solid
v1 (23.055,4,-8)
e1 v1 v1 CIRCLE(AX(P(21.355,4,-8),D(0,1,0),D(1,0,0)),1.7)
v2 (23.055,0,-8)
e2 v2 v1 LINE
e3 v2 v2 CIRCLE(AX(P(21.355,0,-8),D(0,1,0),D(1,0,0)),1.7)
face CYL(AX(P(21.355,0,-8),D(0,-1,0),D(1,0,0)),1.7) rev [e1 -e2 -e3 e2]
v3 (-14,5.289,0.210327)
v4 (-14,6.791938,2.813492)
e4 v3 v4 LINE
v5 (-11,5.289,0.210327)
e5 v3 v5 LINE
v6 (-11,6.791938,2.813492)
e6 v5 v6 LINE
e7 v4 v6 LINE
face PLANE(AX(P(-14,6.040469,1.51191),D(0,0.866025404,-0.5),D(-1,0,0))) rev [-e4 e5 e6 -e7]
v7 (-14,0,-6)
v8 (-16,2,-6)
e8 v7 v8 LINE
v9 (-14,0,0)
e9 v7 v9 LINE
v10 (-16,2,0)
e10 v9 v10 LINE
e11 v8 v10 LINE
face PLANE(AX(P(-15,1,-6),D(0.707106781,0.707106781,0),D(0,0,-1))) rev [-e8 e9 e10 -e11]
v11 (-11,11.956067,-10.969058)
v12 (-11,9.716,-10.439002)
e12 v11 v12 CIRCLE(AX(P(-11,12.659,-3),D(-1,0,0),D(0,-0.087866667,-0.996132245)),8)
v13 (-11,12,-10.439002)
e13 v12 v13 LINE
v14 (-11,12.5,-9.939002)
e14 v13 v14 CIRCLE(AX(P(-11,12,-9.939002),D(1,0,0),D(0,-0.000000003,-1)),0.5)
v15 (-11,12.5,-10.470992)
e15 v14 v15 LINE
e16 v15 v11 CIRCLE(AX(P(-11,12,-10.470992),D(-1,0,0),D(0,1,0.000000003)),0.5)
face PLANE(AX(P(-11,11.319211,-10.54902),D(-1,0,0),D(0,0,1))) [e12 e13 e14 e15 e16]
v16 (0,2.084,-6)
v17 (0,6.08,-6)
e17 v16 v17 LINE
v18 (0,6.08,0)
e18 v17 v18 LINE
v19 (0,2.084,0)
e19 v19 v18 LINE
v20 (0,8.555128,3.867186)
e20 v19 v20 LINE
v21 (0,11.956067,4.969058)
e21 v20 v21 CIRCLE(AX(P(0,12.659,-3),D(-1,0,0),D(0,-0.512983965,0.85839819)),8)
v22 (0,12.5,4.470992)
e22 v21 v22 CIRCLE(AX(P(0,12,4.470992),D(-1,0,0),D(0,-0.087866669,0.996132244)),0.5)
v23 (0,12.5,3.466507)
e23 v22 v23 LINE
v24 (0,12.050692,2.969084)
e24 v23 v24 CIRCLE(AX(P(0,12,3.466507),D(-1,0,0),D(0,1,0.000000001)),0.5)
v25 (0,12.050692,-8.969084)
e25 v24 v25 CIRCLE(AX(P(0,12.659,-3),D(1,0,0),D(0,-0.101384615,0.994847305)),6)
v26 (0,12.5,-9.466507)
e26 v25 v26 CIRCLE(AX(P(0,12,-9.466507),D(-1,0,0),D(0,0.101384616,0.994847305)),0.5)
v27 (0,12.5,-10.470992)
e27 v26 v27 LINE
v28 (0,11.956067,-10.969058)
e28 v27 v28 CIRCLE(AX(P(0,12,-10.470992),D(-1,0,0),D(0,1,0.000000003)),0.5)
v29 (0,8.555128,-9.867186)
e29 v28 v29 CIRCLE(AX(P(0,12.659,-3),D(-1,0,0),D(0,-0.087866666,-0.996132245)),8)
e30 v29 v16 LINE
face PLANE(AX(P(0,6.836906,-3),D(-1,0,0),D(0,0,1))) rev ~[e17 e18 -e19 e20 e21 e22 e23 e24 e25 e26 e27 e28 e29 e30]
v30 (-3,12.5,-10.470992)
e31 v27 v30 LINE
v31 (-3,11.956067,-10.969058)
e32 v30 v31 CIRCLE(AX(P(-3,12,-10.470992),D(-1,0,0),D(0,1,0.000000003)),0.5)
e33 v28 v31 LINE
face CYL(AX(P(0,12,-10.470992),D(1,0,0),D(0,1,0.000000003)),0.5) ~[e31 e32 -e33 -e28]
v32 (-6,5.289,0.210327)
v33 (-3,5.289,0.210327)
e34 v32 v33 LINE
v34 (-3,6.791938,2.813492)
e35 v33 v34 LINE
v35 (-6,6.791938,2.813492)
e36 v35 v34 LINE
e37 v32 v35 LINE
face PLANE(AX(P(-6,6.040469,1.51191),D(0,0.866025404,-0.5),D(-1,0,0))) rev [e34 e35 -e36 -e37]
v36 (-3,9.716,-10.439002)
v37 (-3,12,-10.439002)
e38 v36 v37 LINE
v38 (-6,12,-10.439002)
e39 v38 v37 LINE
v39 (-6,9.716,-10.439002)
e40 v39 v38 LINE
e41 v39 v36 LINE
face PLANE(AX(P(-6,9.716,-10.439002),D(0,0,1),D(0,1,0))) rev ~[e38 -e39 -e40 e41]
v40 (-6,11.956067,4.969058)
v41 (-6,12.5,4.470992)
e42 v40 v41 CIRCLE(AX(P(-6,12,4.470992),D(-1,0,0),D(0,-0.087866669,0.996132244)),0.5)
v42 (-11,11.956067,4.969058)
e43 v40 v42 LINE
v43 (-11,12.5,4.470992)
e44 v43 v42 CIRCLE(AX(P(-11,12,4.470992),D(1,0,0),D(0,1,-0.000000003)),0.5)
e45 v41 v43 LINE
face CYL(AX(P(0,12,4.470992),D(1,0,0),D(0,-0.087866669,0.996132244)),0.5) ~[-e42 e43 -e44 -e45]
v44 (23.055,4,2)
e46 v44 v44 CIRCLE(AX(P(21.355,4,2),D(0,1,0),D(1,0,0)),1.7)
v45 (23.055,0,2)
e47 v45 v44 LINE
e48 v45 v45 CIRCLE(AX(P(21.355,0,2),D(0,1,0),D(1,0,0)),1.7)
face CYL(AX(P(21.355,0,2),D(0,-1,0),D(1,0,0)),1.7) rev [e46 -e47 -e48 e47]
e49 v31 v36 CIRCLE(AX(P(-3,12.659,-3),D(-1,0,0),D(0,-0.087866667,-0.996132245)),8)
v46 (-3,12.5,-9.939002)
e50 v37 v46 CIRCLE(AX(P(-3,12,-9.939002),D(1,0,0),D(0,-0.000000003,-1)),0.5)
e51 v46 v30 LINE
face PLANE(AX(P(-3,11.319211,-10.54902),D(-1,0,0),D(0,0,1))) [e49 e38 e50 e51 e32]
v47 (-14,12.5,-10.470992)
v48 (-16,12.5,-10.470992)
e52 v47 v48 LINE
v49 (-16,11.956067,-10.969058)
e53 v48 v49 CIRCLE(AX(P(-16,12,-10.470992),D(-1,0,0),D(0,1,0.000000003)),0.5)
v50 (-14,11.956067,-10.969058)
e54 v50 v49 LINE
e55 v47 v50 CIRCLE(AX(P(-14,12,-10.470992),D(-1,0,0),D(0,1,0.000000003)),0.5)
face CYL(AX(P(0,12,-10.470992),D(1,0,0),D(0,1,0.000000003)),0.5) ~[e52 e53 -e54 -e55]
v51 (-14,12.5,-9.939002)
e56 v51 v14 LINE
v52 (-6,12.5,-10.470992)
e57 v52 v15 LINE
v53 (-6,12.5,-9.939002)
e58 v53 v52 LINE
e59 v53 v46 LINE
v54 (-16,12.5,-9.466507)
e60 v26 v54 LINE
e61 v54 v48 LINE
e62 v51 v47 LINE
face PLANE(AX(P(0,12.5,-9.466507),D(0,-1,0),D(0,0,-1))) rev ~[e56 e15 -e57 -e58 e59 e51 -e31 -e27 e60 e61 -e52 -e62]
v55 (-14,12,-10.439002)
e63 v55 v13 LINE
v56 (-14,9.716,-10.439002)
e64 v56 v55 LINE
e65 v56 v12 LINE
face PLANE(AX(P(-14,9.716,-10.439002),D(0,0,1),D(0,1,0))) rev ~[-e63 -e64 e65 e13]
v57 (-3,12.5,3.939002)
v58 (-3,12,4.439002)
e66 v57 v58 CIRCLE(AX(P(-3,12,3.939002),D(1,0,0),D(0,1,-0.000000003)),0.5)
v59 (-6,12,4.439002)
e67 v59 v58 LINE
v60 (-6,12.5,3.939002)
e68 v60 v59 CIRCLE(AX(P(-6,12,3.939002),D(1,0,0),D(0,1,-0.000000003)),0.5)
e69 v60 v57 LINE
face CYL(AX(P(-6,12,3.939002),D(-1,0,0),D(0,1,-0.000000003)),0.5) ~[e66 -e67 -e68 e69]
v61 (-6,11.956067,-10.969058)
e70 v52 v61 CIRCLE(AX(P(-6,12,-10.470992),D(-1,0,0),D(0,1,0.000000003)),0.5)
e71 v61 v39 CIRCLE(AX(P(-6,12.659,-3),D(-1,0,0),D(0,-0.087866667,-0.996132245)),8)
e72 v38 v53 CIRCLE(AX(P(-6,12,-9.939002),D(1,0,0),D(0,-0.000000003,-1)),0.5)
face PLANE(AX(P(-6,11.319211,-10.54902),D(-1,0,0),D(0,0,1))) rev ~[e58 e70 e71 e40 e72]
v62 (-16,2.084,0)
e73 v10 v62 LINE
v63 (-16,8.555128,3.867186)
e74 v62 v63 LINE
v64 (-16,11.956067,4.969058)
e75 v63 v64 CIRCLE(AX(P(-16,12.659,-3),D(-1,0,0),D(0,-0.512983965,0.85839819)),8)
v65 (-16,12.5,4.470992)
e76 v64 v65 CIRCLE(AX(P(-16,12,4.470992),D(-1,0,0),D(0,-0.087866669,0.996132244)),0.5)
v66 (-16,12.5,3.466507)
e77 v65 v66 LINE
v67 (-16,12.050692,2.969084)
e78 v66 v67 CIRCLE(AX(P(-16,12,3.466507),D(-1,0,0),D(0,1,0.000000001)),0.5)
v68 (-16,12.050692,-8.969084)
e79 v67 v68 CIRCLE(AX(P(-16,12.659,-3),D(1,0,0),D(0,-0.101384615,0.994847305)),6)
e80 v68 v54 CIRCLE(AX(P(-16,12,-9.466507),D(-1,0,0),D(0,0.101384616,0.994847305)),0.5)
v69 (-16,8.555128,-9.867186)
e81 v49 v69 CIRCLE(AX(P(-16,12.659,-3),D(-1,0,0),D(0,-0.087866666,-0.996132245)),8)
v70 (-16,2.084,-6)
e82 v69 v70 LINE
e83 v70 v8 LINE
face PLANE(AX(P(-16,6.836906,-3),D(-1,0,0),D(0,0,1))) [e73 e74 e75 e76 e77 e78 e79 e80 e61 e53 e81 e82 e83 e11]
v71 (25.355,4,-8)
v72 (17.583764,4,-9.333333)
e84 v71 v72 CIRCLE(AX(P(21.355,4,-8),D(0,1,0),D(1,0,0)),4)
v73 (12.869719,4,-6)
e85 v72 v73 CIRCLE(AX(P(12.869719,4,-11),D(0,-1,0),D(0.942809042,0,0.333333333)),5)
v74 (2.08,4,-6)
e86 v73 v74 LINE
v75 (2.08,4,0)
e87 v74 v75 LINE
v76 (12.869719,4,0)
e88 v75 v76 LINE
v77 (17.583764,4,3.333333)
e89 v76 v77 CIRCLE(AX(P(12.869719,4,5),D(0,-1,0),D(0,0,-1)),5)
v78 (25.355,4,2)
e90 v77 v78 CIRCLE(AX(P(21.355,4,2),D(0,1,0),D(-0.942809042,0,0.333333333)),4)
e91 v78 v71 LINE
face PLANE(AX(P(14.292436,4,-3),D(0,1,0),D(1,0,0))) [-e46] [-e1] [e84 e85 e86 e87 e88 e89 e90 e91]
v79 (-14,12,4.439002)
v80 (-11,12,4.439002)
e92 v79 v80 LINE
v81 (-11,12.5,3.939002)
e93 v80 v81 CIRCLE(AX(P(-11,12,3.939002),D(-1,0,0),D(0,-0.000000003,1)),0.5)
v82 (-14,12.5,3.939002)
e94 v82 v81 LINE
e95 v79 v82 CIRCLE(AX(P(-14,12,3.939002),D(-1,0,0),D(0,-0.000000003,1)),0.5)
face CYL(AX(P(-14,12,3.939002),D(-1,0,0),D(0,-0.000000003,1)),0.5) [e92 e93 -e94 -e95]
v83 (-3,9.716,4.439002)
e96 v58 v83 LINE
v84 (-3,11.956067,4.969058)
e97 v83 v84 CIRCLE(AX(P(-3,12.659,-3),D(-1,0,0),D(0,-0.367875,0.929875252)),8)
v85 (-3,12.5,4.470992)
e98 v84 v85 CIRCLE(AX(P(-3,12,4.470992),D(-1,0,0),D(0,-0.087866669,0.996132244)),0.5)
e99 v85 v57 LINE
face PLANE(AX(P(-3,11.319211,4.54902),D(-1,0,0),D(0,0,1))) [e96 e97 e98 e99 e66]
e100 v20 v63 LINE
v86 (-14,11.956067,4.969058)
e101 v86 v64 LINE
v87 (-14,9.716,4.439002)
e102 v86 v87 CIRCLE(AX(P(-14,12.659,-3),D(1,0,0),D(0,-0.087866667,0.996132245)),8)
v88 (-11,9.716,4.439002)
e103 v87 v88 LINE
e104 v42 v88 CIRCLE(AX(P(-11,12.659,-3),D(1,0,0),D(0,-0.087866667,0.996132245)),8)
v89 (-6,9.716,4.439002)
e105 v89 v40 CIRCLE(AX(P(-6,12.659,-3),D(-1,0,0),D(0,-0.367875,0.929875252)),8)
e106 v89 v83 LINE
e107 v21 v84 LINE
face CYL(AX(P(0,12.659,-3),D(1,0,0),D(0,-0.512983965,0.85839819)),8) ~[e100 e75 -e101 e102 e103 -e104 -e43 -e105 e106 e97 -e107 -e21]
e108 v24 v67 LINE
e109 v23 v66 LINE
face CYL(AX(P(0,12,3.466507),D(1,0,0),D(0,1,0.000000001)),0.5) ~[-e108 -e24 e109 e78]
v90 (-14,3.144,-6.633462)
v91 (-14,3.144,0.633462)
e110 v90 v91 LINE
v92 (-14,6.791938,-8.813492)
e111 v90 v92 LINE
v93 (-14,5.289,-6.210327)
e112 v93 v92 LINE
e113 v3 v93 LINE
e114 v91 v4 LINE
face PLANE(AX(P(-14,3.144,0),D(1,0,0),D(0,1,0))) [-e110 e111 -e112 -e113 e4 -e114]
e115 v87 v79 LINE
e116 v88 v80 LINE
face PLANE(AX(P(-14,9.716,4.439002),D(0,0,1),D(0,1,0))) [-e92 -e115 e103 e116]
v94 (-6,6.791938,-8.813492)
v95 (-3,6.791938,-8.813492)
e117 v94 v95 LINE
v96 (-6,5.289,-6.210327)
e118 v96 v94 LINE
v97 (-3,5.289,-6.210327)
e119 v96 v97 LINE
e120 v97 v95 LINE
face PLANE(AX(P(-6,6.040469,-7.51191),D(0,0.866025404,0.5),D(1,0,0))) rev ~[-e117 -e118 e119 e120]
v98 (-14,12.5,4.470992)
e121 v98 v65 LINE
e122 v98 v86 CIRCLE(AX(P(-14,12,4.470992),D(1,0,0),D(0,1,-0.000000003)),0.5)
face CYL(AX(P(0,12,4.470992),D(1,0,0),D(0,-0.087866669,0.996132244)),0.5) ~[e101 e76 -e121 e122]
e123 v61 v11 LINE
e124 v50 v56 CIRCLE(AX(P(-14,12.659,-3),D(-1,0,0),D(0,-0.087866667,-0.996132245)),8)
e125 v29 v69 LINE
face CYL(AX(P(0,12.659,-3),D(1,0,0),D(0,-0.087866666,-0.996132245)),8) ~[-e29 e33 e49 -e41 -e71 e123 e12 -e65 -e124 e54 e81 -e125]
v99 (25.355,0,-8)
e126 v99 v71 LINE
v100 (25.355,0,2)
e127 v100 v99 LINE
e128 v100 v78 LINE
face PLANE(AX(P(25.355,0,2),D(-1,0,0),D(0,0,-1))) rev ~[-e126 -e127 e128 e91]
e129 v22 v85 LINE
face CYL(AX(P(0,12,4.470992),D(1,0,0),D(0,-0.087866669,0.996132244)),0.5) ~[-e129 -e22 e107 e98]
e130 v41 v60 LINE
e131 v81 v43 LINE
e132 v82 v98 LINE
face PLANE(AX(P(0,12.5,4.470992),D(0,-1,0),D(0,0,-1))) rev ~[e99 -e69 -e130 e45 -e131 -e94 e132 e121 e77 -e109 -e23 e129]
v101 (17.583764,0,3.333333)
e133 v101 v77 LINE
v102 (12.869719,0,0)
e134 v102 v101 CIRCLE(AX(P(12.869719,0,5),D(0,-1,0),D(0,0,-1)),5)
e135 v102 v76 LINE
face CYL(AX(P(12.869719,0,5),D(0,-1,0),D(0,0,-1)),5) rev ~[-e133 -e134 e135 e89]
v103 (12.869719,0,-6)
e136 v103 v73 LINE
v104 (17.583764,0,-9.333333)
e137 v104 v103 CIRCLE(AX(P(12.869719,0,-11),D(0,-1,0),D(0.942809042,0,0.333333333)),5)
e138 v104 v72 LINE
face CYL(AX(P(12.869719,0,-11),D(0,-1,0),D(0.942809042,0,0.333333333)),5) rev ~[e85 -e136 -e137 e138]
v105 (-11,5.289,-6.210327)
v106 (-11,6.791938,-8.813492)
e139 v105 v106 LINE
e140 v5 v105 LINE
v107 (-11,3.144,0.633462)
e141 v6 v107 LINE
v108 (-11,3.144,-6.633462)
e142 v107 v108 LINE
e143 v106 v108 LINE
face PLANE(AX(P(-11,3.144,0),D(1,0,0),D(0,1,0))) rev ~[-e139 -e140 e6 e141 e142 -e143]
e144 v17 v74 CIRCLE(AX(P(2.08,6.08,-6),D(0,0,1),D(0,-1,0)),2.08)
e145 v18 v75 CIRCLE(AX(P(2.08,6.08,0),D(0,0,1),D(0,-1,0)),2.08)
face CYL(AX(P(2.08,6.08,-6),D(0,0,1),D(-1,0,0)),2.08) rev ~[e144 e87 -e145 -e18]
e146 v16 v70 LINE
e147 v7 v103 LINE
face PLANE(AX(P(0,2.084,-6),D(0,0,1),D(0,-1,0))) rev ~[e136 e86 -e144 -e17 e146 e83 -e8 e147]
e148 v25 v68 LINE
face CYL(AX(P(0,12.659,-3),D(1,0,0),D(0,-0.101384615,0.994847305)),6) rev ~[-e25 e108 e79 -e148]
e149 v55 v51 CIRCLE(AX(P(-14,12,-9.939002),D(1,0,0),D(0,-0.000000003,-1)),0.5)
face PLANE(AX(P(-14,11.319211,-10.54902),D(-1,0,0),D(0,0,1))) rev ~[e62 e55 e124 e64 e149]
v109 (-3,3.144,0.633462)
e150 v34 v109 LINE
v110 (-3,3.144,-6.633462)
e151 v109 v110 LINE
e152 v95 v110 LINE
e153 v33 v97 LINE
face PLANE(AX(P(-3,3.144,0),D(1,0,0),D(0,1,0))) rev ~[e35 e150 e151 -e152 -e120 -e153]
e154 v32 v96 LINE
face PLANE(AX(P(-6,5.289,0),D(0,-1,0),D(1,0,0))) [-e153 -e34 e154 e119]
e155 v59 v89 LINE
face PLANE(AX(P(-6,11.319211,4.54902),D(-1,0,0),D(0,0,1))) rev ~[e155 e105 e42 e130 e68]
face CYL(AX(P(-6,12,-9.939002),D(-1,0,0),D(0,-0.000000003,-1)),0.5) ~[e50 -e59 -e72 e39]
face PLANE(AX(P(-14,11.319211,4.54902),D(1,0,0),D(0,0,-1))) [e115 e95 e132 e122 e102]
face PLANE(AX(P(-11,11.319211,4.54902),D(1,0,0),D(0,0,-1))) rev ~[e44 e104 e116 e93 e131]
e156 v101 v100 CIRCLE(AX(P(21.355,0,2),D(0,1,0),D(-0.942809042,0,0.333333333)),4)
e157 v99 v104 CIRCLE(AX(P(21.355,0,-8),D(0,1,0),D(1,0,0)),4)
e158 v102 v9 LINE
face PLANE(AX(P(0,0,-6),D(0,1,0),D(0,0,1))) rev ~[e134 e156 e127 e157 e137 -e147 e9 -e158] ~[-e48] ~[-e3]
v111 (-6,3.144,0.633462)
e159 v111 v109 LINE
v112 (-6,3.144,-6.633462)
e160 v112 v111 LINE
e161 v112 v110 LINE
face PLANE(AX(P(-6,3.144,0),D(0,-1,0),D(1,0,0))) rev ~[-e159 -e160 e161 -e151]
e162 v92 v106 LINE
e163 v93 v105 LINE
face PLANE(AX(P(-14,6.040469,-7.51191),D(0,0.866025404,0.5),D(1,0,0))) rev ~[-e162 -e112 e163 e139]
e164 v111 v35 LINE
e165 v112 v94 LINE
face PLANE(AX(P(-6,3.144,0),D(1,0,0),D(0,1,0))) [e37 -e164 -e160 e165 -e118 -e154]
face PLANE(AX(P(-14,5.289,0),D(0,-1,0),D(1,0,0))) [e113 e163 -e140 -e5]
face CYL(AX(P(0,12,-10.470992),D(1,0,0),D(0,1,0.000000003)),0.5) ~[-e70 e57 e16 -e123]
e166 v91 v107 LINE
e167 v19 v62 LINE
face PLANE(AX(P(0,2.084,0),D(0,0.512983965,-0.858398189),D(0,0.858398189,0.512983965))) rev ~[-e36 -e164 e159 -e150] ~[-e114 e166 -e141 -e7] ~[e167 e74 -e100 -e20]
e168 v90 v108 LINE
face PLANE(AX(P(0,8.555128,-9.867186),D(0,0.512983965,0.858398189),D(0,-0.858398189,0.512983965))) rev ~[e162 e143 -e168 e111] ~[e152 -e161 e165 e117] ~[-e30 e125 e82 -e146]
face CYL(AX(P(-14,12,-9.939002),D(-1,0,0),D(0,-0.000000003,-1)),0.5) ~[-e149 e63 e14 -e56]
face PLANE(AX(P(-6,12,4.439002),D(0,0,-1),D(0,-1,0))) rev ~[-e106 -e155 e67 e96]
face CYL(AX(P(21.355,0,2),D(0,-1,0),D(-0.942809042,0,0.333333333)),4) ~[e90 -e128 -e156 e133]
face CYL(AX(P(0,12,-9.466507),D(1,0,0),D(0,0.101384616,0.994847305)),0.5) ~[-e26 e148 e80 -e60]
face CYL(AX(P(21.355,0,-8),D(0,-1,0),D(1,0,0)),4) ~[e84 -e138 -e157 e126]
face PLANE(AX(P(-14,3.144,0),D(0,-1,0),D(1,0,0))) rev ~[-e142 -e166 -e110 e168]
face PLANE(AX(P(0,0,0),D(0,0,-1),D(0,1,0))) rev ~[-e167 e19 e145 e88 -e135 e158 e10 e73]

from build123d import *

# Parameters (mm, degrees)
SKETCH1_R               = 1.7
BOSS_EXTRUDE1_DEPTH     = 4
BOSS_EXTRUDE2_DEPTH     = 16
CHAMFER1_SIZE           = 2
FILLET1_R               = 2.08
SKETCH4_W               = 3
SKETCH4_H               = 2.145
CUT_EXTRUDE1_DEPTH      = 7
CUT_EXTRUDE1_DEPTH_BACK = 13
CHAMFER2_SIZE           = 1.705
CHAMFER2_SIZE2          = 1.750863319
CHAMFER2_PART_2_SIZE    = 1.705
CHAMFER2_PART_2_SIZE2   = 1.750863319
CUT_EXTRUDE2_DEPTH      = 3
CUT_EXTRUDE3_DEPTH      = 3


with BuildPart() as part:
    # Sketch1 → Boss-Extrude1 (new body)
    with BuildSketch(Plane(origin=(0, 0, 0), x_dir=(1, 0, 0), z_dir=(0, 1, 0))):
        with BuildLine():
            Line((0, 0), (12.869718626, 0))
            ThreePointArc((12.869718626, 0), (15.756469972, -0.917517095), (17.583763834, -3.333333333))
            ThreePointArc((17.583763834, -3.333333333), (22.031407915, -5.942394239), (25.355, -2))
            Line((25.355, -2), (25.355, 8))
            ThreePointArc((25.355, 8), (22.031407915, 11.942394239), (17.583763834, 9.333333333))
            ThreePointArc((17.583763834, 9.333333333), (15.756469972, 6.917517095), (12.869718626, 6))
            Line((12.869718626, 6), (0, 6))
            Line((0, 6), (0, 0))
        make_face()
        with Locations((21.355, -2)):
            Circle(SKETCH1_R, mode=Mode.SUBTRACT)
        with Locations((21.355, 8)):
            Circle(SKETCH1_R, mode=Mode.SUBTRACT)
    extrude(amount=BOSS_EXTRUDE1_DEPTH)

    # Sketch2 → Boss-Extrude2 (add)
    with BuildSketch(Plane.ZY):
        with BuildLine():
            Line((-6, 0), (0, 0))
            Line((0, 0), (0, 2.084))
            Line((0, 2.084), (3.867185515, 8.555128278))
            ThreePointArc((3.867185515, 8.555128278), (4.610527286, 10.193259862), (4.969057957, 11.956066667))
            ThreePointArc((4.969057957, 11.956066667), (4.839751016, 12.337663541), (4.470991835, 12.5))
            Line((4.470991835, 12.5), (3.466507481, 12.5))
            ThreePointArc((3.466507481, 12.5), (3.131355391, 12.371043228), (2.969083828, 12.050692308))
            ThreePointArc((2.969083828, 12.050692308), (-3, 6.659), (-8.969083828, 12.050692308))
            ThreePointArc((-8.969083828, 12.050692308), (-9.131355391, 12.371043228), (-9.466507481, 12.5))
            Line((-9.466507481, 12.5), (-10.470991835, 12.5))
            ThreePointArc((-10.470991835, 12.5), (-10.839751016, 12.337663541), (-10.969057957, 11.956066667))
            ThreePointArc((-10.969057957, 11.956066667), (-10.610527286, 10.193259862), (-9.867185515, 8.555128278))
            Line((-9.867185515, 8.555128278), (-6, 2.084))
            Line((-6, 2.084), (-6, 0))
        make_face()
    extrude(amount=BOSS_EXTRUDE2_DEPTH)

    # Chamfer1
    chamfer1_edges = [part.edges().sort_by_distance(p)[0] for p in [
        (-16, 0, -3),
    ]]
    chamfer(chamfer1_edges, length=CHAMFER1_SIZE)

    # Fillet1
    fillet1_edges = [part.edges().sort_by_distance(p)[0] for p in [
        (0, 4, -3),
    ]]
    fillet(fillet1_edges, radius=FILLET1_R)

    # Sketch4 → Cut-Extrude1 (cut, two sides)
    with BuildSketch(Plane.XY) as cut_extrude1_sk:
        with Locations((-12.5, 4.2165)):
            Rectangle(SKETCH4_W, SKETCH4_H)
        with Locations((-4.5, 4.2165)):
            Rectangle(SKETCH4_W, SKETCH4_H)
    extrude(amount=CUT_EXTRUDE1_DEPTH, mode=Mode.SUBTRACT)
    extrude(cut_extrude1_sk.sketch, amount=-CUT_EXTRUDE1_DEPTH_BACK, mode=Mode.SUBTRACT)

    # Chamfer2
    chamfer2_edges = [part.edges().sort_by_distance(p)[0] for p in [
        (-4.5, 5.289, -7.915327442),
        (-4.5, 5.289, 1.915327442),
    ]]
    chamfer2_side = [part.faces().sort_by_distance(p)[0] for p in [
        (-4.5, 5.289, -3),
    ]]
    chamfer(chamfer2_edges, length=CHAMFER2_SIZE, length2=CHAMFER2_SIZE2, reference=chamfer2_side[0])

    # Chamfer2 part 2
    chamfer2_part_2_edges = [part.edges().sort_by_distance(p)[0] for p in [
        (-12.5, 5.289, -7.915327442),
        (-12.5, 5.289, 1.915327442),
    ]]
    chamfer2_part_2_side = [part.faces().sort_by_distance(p)[0] for p in [
        (-12.5, 5.289, -3),
    ]]
    chamfer(chamfer2_part_2_edges, length=CHAMFER2_PART_2_SIZE, length2=CHAMFER2_PART_2_SIZE2, reference=chamfer2_part_2_side[0])

    # Sketch5 → Cut-Extrude2 (cut)
    with BuildSketch(Plane.ZY.offset(14)):
        with BuildLine():
            Line((4.439002016, 9.716), (4.439002016, 12))
            ThreePointArc((4.439002016, 12), (4.292555407, 12.353553391), (3.939002016, 12.5))
            Line((3.939002016, 12.5), (4.470991835, 12.5))
            ThreePointArc((4.470991835, 12.5), (4.839751016, 12.337663541), (4.969057957, 11.956066667))
            ThreePointArc((4.969057957, 11.956066667), (4.785021047, 10.816868818), (4.439002016, 9.716))
        make_face()
        with BuildLine():
            Line((-9.939002016, 12.5), (-10.470991835, 12.5))
            ThreePointArc((-10.470991835, 12.5), (-10.839751016, 12.337663541), (-10.969057957, 11.956066667))
            ThreePointArc((-10.969057957, 11.956066667), (-10.785021047, 10.816868818), (-10.439002016, 9.716))
            Line((-10.439002016, 9.716), (-10.439002016, 12))
            ThreePointArc((-10.439002016, 12), (-10.292555407, 12.353553391), (-9.939002016, 12.5))
        make_face()
    extrude(amount=-CUT_EXTRUDE2_DEPTH, mode=Mode.SUBTRACT)

    # Sketch6 → Cut-Extrude3 (cut)
    with BuildSketch(Plane.ZY.offset(6)):
        with BuildLine():
            Line((4.470991835, 12.5), (3.939002016, 12.5))
            ThreePointArc((3.939002016, 12.5), (4.292555407, 12.353553391), (4.439002016, 12))
            Line((4.439002016, 12), (4.439002016, 9.716))
            ThreePointArc((4.439002016, 9.716), (4.785021047, 10.816868818), (4.969057957, 11.956066667))
            ThreePointArc((4.969057957, 11.956066667), (4.839751016, 12.337663541), (4.470991835, 12.5))
        make_face()
        with BuildLine():
            Line((-9.939002016, 12.5), (-10.470991835, 12.5))
            ThreePointArc((-10.470991835, 12.5), (-10.839751016, 12.337663541), (-10.969057957, 11.956066667))
            ThreePointArc((-10.969057957, 11.956066667), (-10.785021047, 10.816868818), (-10.439002016, 9.716))
            Line((-10.439002016, 9.716), (-10.439002016, 12))
            ThreePointArc((-10.439002016, 12), (-10.292555407, 12.353553391), (-9.939002016, 12.5))
        make_face()
    extrude(amount=-CUT_EXTRUDE3_DEPTH, mode=Mode.SUBTRACT)


solid = part.part
